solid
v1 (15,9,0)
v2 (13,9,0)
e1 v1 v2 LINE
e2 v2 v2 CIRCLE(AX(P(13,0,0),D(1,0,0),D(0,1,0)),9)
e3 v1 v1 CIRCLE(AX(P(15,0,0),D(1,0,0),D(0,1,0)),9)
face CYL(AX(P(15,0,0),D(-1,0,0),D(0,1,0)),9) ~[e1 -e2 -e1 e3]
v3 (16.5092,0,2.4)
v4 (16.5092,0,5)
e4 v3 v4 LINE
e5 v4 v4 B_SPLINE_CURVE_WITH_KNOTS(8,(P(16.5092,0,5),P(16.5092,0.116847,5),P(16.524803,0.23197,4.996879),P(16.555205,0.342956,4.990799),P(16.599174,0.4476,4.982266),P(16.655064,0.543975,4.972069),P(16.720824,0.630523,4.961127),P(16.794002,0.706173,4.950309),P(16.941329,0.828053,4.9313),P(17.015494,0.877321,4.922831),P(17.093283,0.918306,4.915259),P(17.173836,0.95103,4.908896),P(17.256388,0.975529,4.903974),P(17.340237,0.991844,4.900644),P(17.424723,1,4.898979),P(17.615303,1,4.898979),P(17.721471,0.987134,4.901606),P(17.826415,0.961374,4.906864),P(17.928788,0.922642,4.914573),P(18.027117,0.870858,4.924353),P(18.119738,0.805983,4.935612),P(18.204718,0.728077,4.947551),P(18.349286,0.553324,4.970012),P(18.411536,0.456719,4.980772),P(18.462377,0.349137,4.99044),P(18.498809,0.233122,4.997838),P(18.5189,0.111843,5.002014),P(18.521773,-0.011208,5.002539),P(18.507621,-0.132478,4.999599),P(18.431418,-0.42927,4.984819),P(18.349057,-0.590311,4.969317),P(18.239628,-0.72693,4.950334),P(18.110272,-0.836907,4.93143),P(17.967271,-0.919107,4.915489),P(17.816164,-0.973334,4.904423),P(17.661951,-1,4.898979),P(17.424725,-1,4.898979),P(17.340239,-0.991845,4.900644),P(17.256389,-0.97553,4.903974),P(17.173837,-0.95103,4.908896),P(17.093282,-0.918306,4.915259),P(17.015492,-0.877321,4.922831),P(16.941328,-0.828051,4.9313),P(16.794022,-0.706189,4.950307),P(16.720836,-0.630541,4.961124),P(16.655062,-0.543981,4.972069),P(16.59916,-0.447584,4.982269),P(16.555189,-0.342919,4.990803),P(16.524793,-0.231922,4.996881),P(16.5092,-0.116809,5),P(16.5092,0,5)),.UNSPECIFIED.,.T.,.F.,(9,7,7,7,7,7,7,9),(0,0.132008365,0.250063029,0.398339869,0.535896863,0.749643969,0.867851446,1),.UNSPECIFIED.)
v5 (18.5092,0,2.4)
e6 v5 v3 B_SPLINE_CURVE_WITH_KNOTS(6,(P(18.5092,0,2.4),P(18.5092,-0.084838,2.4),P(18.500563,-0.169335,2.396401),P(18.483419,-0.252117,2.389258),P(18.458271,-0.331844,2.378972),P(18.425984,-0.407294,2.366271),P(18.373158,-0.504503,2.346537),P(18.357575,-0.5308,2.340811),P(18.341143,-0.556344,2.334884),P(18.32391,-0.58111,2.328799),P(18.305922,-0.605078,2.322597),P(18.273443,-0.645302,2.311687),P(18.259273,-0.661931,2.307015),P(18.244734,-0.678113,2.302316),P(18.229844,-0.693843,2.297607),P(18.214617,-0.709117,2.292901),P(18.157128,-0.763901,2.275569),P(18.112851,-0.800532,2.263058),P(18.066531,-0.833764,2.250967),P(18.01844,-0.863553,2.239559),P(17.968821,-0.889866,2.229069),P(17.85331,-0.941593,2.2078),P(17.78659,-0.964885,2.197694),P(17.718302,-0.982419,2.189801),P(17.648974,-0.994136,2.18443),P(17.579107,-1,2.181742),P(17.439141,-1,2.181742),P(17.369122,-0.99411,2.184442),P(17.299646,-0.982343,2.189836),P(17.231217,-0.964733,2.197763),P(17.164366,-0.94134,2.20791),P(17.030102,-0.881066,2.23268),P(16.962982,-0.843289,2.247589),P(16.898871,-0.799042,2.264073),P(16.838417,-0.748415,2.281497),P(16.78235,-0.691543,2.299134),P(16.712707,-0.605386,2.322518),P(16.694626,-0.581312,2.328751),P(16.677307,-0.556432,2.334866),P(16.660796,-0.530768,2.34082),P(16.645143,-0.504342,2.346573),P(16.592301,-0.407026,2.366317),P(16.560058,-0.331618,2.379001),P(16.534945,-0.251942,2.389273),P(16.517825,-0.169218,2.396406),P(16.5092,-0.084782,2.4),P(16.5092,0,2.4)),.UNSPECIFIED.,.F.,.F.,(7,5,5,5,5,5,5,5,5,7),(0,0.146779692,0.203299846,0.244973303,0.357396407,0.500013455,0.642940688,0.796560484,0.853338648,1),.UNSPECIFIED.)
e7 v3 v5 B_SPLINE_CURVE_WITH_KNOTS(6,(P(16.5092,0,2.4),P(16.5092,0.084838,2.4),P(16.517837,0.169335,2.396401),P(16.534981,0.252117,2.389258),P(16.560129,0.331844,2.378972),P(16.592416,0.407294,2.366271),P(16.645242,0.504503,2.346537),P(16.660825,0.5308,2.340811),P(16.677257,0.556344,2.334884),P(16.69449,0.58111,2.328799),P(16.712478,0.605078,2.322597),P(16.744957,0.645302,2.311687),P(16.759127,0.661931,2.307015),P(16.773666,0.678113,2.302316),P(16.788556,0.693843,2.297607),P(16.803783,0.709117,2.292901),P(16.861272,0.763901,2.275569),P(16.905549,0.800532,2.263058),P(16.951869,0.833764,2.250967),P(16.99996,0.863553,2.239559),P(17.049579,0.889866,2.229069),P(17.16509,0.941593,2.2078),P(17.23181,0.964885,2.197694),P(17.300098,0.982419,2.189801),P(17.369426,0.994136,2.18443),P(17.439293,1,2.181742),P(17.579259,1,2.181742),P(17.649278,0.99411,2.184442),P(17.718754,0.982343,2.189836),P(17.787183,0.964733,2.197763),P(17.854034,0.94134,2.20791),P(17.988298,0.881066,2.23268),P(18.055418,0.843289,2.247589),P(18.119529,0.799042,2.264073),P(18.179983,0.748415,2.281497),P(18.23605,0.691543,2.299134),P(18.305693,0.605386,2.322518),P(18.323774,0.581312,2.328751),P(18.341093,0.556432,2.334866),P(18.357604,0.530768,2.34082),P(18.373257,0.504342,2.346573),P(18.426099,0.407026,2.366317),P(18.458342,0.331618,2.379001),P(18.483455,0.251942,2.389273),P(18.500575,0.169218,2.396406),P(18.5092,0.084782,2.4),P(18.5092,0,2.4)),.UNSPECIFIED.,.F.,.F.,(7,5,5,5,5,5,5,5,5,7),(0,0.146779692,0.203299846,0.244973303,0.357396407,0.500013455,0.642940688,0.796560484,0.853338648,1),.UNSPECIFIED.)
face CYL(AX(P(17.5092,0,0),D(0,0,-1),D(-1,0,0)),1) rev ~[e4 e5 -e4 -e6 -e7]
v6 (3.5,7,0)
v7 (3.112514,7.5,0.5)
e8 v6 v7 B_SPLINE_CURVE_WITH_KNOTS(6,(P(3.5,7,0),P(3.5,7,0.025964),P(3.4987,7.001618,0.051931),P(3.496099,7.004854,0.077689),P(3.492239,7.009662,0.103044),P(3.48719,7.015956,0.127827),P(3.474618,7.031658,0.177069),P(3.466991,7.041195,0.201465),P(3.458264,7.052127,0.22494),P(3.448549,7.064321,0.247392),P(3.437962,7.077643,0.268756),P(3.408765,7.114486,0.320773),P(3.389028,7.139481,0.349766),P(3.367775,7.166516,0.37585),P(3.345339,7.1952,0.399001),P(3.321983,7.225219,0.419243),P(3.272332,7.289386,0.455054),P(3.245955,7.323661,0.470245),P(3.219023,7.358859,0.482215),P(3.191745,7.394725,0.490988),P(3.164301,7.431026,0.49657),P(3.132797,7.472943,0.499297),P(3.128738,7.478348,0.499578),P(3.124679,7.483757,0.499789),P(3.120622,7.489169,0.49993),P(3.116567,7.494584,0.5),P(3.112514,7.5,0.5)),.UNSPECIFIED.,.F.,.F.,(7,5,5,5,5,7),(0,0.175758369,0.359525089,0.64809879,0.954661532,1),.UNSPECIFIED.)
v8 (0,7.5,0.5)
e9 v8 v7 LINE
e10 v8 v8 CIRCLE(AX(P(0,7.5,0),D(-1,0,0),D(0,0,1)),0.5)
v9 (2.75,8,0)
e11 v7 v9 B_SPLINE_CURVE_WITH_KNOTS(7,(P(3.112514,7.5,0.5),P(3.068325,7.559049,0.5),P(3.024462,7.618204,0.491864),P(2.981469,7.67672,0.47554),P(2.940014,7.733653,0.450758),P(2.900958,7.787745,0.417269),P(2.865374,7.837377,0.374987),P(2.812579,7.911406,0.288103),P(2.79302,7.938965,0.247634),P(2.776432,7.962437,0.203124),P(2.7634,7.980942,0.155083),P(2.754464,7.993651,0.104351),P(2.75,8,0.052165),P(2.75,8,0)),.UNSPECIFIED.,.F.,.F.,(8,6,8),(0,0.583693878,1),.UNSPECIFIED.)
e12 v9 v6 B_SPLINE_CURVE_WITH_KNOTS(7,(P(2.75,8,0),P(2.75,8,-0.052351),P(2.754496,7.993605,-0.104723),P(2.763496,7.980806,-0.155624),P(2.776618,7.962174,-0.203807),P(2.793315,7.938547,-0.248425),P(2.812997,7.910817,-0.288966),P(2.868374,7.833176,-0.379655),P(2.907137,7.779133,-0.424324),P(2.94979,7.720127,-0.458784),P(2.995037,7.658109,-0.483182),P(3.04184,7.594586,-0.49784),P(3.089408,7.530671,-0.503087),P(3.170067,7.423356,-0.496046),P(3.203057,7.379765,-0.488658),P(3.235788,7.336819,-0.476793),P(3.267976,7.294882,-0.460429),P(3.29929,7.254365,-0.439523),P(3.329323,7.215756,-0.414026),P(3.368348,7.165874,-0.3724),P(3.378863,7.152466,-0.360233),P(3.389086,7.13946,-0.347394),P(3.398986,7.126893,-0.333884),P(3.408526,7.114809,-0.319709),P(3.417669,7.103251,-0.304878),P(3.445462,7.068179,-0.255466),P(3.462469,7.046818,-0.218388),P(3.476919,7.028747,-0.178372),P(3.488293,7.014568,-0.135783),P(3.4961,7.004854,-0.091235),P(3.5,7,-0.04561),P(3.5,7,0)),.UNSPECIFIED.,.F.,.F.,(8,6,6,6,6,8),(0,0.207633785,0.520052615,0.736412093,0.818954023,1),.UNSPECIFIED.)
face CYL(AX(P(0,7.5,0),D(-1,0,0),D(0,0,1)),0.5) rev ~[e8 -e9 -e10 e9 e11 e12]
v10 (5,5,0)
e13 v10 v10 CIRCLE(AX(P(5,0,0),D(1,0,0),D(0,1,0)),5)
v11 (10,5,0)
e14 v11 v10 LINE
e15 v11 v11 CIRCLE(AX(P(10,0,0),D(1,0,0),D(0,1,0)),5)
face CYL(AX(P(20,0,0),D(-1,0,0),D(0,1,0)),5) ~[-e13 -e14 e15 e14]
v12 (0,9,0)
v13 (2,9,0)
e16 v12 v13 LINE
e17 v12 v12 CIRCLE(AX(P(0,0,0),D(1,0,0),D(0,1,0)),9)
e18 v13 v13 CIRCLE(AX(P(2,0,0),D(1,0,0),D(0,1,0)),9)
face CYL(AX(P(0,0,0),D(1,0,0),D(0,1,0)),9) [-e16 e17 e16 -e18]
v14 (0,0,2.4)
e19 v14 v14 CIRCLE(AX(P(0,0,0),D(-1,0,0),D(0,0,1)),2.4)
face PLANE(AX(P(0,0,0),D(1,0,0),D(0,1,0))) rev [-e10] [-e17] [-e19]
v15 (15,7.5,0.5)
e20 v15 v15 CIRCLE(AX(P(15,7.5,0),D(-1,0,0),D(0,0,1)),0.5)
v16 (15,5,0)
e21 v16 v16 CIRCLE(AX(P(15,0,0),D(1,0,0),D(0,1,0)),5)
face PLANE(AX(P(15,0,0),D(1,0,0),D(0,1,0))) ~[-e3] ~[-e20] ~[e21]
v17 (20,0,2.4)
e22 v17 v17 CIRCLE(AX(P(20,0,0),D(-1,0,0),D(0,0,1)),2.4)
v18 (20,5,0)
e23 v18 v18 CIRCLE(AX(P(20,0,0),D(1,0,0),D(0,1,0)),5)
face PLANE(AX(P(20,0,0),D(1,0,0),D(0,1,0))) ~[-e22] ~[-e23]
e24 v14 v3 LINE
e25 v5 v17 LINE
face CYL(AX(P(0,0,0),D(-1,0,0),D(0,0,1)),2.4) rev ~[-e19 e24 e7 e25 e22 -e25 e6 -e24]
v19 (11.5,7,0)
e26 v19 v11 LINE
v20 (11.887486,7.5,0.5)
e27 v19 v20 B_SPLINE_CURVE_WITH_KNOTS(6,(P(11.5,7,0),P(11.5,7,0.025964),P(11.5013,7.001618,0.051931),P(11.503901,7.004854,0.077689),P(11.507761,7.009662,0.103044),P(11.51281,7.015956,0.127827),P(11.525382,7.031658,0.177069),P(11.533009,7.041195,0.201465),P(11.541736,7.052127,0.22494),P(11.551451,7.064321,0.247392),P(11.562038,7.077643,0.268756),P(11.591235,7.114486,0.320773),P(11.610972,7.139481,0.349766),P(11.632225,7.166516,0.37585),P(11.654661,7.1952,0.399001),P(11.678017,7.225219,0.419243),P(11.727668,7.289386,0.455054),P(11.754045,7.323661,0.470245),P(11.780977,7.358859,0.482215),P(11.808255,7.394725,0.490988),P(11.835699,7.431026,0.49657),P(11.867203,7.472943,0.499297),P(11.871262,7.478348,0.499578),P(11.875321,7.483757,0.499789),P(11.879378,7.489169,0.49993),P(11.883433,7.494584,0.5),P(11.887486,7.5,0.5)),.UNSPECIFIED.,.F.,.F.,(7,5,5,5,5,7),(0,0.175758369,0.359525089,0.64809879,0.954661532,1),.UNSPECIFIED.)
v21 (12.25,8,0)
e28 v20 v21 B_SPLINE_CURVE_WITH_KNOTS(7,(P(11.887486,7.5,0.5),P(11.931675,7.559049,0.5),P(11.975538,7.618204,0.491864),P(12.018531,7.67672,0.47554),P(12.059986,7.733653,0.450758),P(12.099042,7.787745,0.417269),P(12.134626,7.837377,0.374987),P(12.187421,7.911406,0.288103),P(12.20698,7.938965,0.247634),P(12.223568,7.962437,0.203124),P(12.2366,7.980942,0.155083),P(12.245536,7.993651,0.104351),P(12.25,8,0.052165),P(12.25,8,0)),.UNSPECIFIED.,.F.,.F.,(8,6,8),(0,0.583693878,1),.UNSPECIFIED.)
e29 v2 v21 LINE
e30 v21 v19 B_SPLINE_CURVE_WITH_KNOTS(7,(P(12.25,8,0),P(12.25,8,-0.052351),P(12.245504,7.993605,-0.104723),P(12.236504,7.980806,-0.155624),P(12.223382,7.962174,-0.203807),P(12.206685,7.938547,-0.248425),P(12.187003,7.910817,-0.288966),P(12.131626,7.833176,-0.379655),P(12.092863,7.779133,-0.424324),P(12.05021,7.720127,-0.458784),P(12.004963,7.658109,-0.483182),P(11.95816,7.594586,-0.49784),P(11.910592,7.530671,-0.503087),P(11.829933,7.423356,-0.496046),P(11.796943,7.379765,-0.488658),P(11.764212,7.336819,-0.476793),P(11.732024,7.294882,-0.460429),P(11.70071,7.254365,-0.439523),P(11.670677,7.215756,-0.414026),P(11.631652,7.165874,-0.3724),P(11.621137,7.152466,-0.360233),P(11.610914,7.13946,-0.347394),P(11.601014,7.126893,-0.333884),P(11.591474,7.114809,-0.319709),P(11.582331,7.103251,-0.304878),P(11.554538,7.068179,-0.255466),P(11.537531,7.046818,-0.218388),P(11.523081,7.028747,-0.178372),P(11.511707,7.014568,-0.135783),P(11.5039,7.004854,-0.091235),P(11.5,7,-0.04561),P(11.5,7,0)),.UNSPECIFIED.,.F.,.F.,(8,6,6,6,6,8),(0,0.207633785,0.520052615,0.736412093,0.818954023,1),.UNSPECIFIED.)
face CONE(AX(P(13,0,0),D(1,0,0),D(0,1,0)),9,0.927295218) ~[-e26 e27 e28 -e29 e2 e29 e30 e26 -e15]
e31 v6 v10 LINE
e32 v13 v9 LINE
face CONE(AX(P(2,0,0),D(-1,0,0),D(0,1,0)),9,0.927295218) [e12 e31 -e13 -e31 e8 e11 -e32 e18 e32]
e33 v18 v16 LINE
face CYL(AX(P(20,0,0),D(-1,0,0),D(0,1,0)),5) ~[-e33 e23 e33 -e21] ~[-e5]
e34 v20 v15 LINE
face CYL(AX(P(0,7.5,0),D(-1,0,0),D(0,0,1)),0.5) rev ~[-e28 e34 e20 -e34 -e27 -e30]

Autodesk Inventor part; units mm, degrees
ref_plane "YZ Plane" through (0, 0, 0) normal (1, 0, 0) x (0, 1, 0)
ref_plane "XZ Plane" through (0, 0, 0) normal (0, 1, 0) x (-1, 0, 0)
sketch "Sketch1" plane through (0, 0, 0) normal (0, 0, 1) x (1, 0, 0)
  line L0 (0, 0) -> (20, 0)
  line L1 (0, 0) -> (0, 5)
  line L2 (0, 5) -> (0, 9)
  line L3 (0, 9) -> (2, 9)
  line L4 (20, 0) -> (20, 5)
  line L5 (20, 5) -> (0, 5)
  line L6 (15, 0) -> (15, 9)
  line L7 (15, 9) -> (13, 9)
  line L8 (13, 9) -> (10, 5)
  line L9 (2, 9) -> (13, 9) construction
  line L10 (7.5, 9) -> (7.5, -5.2368) construction
  line L11 (2, 9) -> (5, 5)
  point P0 (17.5, 0)
  point P1 (15, 5)
  dimension "d0" = 20
  dimension "d2" = 5
  dimension "d3" = 4
  dimension "d4" = 2
  dimension "d9" = 9
  dimension "d10" = 5
  dimension "d11" = 2
  dimension "d12" = 2.5
  dimension "d13" = 20
revolve "Revolution1" add sketch "Sketch1" angle 360 about axis through (0, 0, 0) along (1, 0, 0)
sketch "Sketch2" plane through (0, 0, 0) normal (-1, 0, 0) x (0, 0, 1)
  circle A0 centre (0, 0) radius 2.4
  circle A1 centre (0, 7.5) radius 0.5
  dimension "d15" = 4.8
  dimension "d21" = 1
  dimension "d22" = 7.5
extrude "Extrusion1" cut sketch "Sketch2" against normal blind 20
ref_plane "Work Plane1" through (20, 0, 0) normal (0, 0, -1) x (-1, 0, 0)
sketch "Sketch3" plane through (20, 0, 0) normal (0, 0, -1) x (-1, 0, 0)
  circle A0 centre (2.4908, 0) radius 1
  point P0 (20, 0)
  dimension "d18" = 2
extrude "Extrusion2" cut sketch "Sketch3" against normal blind 6
properties part number "stepper_spool"
